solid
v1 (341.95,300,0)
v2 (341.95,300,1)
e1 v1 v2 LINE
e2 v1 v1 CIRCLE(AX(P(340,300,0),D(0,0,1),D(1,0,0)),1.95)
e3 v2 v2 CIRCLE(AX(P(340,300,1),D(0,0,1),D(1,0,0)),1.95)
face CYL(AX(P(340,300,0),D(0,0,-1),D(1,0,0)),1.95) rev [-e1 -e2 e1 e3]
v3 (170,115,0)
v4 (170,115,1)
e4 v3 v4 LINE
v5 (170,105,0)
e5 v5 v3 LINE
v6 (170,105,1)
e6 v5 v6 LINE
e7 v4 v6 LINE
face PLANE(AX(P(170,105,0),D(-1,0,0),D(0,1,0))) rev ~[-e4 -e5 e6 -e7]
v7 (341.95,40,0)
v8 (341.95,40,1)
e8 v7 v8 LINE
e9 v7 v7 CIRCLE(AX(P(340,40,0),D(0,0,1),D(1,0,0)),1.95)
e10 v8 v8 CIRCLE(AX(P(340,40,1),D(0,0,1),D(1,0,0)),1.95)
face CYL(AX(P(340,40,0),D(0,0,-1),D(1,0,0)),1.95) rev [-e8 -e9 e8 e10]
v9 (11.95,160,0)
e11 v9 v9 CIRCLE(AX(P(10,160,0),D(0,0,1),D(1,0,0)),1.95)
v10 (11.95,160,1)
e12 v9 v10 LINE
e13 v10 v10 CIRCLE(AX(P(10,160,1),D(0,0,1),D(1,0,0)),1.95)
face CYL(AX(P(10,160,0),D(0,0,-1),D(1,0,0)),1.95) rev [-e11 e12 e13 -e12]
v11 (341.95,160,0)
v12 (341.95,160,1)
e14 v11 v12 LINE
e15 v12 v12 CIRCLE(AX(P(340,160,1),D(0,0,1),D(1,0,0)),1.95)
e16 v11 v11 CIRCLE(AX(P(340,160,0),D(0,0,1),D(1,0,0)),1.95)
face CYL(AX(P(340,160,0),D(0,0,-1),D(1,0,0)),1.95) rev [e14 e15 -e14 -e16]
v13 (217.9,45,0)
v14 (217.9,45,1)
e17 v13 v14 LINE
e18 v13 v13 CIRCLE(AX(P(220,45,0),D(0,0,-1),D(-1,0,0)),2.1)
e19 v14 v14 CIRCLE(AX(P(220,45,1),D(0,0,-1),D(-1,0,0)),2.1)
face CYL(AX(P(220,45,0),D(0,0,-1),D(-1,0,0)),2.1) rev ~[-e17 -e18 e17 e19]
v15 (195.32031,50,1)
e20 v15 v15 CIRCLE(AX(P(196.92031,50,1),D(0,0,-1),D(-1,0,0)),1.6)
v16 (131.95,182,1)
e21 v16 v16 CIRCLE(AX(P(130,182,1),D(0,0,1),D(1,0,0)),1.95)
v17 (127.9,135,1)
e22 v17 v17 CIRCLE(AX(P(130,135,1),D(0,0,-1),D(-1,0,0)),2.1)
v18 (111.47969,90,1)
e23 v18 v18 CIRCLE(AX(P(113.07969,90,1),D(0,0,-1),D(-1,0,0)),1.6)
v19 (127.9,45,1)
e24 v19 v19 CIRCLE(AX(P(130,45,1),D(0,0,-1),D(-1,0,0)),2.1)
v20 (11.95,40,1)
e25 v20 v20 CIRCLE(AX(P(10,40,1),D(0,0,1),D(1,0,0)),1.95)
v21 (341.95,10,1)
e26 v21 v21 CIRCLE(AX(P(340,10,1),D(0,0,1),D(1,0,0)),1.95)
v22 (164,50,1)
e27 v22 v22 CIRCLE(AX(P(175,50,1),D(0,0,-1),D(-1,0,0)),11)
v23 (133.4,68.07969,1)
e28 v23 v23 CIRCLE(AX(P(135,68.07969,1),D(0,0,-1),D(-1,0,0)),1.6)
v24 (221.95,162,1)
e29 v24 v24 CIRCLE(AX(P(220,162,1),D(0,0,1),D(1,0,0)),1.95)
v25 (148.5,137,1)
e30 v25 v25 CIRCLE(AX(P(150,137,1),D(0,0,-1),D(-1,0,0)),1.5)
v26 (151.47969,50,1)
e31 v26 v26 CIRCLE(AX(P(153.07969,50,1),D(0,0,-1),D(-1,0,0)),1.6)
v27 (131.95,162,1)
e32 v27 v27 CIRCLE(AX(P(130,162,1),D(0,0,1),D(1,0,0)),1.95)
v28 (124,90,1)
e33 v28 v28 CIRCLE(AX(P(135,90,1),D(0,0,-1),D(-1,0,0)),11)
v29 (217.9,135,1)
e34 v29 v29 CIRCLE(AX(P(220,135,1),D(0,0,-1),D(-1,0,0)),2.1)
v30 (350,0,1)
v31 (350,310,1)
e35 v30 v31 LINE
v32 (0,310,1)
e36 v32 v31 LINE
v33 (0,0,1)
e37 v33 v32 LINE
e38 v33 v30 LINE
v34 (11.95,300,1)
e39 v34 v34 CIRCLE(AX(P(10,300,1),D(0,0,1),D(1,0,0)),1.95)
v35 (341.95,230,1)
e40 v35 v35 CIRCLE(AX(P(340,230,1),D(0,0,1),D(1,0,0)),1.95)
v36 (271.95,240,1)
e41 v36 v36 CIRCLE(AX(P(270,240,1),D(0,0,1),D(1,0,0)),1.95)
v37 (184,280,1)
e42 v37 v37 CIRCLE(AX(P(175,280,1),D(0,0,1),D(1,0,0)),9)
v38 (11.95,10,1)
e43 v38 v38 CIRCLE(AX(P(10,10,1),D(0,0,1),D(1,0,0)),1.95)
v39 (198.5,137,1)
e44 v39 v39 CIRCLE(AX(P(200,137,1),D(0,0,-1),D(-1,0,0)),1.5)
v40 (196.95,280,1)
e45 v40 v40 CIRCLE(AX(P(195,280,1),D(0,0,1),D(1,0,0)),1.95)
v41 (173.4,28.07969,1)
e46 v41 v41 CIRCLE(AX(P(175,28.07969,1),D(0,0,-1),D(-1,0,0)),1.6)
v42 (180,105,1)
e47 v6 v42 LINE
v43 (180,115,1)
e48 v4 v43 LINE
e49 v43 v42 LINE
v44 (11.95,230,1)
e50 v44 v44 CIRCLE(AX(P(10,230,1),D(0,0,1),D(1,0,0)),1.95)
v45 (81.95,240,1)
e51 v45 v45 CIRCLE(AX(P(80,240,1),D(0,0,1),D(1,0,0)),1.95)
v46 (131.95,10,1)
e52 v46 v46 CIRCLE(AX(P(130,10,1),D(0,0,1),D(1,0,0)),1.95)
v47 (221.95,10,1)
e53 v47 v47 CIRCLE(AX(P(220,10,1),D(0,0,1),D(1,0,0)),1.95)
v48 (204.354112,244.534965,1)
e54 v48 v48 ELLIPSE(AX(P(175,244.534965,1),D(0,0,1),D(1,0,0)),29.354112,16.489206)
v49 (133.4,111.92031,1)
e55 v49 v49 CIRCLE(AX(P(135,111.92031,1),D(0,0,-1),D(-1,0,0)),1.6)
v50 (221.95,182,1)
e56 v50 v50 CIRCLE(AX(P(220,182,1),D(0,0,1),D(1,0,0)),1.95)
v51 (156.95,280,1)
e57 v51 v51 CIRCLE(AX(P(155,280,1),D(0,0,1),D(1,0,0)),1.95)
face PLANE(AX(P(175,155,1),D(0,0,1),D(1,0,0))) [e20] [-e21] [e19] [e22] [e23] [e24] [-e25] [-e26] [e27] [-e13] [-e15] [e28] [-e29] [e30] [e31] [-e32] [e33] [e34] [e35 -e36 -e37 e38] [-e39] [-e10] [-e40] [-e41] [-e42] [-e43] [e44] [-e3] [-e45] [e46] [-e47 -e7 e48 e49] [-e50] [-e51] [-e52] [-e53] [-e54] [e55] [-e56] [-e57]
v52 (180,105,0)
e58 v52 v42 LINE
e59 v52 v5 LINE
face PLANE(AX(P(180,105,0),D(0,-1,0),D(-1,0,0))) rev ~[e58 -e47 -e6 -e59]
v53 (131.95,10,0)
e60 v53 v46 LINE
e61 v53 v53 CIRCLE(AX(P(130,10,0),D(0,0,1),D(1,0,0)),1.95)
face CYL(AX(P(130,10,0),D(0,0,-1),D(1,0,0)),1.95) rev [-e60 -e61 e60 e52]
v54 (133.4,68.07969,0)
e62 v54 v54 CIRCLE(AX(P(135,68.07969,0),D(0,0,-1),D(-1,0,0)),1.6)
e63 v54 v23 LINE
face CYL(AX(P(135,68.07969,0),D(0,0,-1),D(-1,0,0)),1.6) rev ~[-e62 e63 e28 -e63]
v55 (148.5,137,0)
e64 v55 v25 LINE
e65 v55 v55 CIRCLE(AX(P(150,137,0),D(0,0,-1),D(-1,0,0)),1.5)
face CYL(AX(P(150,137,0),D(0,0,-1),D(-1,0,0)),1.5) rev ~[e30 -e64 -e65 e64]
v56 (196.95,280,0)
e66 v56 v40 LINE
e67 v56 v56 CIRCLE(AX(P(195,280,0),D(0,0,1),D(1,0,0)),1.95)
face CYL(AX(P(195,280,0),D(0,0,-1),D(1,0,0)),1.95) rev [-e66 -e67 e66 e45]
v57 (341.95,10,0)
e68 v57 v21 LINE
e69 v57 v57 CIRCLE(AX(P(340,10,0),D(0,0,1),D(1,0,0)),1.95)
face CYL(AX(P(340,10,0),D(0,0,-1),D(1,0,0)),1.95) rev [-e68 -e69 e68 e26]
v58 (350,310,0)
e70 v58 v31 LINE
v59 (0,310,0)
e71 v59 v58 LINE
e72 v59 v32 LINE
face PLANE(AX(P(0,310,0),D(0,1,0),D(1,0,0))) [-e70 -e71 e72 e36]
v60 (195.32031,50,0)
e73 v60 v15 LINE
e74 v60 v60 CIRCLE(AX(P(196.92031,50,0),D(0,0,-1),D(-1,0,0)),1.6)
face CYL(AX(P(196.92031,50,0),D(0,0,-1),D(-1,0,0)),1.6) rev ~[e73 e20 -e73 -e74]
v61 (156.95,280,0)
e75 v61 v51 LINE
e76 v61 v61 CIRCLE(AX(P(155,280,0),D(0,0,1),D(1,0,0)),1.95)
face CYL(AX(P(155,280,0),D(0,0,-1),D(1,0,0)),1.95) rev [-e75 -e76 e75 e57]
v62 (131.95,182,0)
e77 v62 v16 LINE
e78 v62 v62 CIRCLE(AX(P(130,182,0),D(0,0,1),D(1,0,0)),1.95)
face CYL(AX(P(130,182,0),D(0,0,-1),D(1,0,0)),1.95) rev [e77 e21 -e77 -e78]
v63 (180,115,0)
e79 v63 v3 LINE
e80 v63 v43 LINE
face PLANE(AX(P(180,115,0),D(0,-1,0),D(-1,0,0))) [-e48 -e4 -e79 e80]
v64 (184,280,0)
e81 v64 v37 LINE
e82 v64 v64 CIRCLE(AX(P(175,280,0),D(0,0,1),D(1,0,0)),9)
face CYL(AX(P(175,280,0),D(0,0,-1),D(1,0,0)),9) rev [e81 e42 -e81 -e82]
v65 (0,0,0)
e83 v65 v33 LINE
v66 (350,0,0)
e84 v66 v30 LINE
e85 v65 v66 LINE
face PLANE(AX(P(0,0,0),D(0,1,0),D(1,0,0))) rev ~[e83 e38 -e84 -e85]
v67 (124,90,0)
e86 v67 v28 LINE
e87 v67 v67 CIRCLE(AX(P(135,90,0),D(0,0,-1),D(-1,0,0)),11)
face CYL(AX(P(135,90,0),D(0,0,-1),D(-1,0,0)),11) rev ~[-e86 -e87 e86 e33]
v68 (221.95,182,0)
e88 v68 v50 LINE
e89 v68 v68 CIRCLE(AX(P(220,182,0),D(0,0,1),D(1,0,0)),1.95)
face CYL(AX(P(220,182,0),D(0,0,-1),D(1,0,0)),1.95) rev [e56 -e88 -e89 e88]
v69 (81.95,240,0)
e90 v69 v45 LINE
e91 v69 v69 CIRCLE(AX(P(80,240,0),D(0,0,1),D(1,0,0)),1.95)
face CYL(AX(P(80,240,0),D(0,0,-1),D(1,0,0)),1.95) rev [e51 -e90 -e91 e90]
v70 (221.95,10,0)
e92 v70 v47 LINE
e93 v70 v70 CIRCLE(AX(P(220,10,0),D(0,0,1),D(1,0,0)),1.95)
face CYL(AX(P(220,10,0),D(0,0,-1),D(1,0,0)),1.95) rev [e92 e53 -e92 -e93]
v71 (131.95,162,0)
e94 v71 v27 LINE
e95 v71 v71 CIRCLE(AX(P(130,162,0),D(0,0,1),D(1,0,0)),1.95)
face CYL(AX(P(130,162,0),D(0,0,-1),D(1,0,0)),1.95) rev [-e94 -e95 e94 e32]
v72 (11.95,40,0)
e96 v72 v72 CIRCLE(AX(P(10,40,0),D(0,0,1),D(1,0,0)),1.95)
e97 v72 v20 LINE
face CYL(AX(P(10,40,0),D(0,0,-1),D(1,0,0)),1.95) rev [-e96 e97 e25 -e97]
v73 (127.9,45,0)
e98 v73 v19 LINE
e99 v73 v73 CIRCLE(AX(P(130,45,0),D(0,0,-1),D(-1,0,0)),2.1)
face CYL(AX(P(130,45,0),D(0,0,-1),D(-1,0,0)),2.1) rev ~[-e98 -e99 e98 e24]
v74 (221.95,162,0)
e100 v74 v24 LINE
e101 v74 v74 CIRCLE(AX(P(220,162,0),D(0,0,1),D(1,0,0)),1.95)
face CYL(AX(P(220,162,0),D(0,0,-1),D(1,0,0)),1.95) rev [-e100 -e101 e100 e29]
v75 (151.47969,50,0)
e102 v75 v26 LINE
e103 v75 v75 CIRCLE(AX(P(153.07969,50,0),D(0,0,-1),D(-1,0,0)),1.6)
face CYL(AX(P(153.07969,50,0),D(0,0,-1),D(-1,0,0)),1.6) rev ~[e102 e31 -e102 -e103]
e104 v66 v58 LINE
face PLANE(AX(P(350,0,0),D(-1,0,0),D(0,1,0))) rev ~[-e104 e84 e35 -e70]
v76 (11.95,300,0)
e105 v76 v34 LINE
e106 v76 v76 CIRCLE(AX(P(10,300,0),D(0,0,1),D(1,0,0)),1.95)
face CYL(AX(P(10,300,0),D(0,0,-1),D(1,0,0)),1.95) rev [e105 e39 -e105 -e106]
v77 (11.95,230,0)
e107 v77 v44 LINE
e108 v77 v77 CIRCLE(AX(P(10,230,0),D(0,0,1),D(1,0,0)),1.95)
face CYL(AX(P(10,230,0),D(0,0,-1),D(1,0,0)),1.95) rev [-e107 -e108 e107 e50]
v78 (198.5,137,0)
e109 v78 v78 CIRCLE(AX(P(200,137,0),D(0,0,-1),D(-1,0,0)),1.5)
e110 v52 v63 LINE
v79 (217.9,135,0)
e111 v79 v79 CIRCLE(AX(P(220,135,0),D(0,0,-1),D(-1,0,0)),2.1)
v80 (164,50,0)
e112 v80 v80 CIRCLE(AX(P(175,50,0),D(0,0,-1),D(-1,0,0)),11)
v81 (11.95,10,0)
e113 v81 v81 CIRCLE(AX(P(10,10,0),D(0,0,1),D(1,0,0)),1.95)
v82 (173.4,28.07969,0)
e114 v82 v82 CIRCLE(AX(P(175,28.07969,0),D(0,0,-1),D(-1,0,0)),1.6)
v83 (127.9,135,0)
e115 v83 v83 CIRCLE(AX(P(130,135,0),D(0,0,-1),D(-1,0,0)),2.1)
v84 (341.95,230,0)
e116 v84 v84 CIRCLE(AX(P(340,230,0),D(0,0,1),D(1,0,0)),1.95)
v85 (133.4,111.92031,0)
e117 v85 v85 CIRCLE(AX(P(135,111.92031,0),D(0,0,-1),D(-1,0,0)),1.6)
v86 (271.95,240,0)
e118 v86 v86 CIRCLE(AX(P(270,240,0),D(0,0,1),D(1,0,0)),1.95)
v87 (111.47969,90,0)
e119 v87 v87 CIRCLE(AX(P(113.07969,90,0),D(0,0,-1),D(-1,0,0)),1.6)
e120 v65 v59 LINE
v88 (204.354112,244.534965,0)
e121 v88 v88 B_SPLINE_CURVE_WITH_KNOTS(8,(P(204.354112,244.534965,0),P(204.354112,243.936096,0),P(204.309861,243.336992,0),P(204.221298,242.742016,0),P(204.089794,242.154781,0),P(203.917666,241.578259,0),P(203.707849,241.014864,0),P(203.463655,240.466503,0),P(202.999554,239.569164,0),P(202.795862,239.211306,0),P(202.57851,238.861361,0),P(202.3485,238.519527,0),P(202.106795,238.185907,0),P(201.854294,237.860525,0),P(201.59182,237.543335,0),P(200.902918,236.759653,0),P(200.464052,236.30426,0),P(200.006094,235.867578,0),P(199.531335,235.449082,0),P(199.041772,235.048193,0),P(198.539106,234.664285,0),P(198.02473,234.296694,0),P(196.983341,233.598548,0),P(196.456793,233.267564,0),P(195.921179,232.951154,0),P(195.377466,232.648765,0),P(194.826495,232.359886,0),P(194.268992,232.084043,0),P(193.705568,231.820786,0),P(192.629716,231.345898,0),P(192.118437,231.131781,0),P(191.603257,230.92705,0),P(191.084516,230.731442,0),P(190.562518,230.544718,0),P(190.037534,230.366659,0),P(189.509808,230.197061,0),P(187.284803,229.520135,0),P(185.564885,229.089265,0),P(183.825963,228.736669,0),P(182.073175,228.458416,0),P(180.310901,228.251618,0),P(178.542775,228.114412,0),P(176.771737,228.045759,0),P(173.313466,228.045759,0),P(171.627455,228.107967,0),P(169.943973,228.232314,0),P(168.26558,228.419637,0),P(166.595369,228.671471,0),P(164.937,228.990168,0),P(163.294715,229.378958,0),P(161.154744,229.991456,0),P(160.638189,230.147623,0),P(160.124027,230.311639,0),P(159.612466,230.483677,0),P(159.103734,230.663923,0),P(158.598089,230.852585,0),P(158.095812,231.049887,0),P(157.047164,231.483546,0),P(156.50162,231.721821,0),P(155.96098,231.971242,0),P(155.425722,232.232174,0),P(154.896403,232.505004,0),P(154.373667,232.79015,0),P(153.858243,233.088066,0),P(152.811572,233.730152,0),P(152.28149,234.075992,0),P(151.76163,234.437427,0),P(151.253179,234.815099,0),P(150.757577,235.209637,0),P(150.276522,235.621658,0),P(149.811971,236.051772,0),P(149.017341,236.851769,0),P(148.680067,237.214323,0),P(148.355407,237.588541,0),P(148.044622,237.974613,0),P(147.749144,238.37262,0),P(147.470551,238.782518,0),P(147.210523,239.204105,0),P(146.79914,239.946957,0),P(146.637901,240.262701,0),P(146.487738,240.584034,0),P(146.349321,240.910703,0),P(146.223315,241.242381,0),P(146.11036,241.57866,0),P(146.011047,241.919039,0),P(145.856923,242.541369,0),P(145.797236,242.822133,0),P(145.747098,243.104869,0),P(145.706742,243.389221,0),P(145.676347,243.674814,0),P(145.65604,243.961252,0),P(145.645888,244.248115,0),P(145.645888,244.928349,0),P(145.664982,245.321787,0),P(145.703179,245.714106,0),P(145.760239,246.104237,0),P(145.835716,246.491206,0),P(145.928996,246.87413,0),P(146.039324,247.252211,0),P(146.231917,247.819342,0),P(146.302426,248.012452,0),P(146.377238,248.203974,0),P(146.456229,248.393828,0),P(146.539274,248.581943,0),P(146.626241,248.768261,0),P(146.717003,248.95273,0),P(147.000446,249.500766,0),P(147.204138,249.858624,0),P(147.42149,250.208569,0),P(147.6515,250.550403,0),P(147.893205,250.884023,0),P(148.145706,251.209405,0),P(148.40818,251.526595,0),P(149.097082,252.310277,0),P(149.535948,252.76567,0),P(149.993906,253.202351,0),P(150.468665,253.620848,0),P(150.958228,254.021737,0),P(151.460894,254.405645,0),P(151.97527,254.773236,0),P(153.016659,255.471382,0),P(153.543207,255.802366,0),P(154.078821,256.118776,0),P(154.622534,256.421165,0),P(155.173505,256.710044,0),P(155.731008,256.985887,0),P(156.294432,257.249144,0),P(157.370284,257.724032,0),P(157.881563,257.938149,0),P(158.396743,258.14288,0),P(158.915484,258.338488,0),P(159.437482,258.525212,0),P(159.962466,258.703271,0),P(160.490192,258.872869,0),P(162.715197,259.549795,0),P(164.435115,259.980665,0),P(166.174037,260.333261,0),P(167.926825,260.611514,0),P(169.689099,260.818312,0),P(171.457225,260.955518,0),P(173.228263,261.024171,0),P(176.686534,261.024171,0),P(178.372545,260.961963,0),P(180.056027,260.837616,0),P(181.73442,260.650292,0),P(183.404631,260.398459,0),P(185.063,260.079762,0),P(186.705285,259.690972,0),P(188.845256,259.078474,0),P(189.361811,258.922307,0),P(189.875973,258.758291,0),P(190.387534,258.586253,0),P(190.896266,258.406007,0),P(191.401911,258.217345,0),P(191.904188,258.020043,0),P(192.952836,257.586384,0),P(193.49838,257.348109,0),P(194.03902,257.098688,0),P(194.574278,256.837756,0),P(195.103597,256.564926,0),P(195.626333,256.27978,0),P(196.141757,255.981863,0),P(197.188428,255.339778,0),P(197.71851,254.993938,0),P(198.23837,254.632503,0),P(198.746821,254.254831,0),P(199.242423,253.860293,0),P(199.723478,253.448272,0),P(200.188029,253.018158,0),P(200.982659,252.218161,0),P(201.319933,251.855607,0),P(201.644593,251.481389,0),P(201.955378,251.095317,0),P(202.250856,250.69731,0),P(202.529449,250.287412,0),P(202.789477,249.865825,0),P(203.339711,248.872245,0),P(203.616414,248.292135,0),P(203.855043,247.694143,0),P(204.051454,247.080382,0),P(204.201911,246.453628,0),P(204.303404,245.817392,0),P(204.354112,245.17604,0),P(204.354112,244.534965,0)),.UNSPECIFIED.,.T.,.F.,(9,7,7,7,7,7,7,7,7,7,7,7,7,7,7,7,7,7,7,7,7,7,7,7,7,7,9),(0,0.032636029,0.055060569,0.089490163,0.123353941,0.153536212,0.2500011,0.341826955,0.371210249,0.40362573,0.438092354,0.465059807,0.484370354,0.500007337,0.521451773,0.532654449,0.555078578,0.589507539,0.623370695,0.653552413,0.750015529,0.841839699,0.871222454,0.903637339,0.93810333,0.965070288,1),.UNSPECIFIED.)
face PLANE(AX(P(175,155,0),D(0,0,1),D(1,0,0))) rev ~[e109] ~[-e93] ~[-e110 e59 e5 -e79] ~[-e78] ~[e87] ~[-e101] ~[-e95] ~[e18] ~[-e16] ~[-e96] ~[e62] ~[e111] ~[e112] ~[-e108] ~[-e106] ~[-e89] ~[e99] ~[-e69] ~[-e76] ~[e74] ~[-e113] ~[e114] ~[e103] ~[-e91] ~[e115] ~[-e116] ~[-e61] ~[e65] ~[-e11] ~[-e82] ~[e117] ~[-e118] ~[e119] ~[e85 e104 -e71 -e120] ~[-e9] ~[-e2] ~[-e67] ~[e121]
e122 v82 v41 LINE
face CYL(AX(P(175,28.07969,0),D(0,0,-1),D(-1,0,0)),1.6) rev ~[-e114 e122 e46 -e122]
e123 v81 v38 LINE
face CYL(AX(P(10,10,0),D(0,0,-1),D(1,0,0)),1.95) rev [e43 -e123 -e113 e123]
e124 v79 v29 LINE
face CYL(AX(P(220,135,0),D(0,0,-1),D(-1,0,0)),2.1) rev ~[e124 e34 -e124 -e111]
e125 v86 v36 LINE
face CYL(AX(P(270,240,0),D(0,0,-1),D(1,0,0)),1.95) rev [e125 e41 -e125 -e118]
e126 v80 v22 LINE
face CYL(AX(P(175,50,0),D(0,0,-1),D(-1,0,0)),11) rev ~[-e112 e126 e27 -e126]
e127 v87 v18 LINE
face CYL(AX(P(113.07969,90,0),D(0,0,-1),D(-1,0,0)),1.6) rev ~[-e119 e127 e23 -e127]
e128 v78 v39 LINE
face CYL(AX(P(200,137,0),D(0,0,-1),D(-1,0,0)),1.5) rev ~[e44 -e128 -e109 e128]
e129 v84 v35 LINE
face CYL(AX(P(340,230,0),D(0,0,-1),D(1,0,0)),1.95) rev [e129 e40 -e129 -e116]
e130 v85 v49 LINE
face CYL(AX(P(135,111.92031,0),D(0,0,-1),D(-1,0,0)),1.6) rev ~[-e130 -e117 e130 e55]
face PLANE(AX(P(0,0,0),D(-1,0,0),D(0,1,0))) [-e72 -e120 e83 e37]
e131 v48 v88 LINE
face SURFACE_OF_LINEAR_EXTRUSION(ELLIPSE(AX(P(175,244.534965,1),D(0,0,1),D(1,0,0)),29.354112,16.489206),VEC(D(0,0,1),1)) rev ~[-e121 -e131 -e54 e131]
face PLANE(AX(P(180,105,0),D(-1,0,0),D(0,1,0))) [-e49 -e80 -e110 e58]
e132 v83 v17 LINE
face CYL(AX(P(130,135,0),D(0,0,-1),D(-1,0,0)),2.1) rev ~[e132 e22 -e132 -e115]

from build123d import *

# Parameters (mm, degrees)
SKETCH_1_W          = 350
SKETCH_1_H          = 310
SKETCH_1_R          = 1.95
SKETCH_1_R_2        = 9
EXTRUDE_1_DEPTH     = 1
SKETCH_2_R          = 2.1
SKETCH_2_R_2        = 1.6
SKETCH_2_R_3        = 11
SKETCH_2_R_4        = 1.5
SKETCH_2_W          = 10
SKETCH_2_H          = 10
CUT_EXTRUDE_1_DEPTH = 10
SKETCH_3_RX         = 29.354112179
SKETCH_3_RY         = 16.489205711
CUT_EXTRUDE_2_DEPTH = 8


with BuildPart() as part:
    # 草图1 → 凸台-拉伸1 (new body)
    with BuildSketch(Plane.XY):
        with Locations((175, 155)):
            Rectangle(SKETCH_1_W, SKETCH_1_H)
        with Locations((10, 300)):
            Circle(SKETCH_1_R, mode=Mode.SUBTRACT)
        with Locations((10, 230)):
            Circle(SKETCH_1_R, mode=Mode.SUBTRACT)
        with Locations((10, 40)):
            Circle(SKETCH_1_R, mode=Mode.SUBTRACT)
        with Locations((10, 10)):
            Circle(SKETCH_1_R, mode=Mode.SUBTRACT)
        with Locations((340, 300)):
            Circle(SKETCH_1_R, mode=Mode.SUBTRACT)
        with Locations((340, 230)):
            Circle(SKETCH_1_R, mode=Mode.SUBTRACT)
        with Locations((340, 40)):
            Circle(SKETCH_1_R, mode=Mode.SUBTRACT)
        with Locations((340, 10)):
            Circle(SKETCH_1_R, mode=Mode.SUBTRACT)
        with Locations((130, 10)):
            Circle(SKETCH_1_R, mode=Mode.SUBTRACT)
        with Locations((220, 10)):
            Circle(SKETCH_1_R, mode=Mode.SUBTRACT)
        with Locations((10, 160)):
            Circle(SKETCH_1_R, mode=Mode.SUBTRACT)
        with Locations((340, 160)):
            Circle(SKETCH_1_R, mode=Mode.SUBTRACT)
        with Locations((130, 162)):
            Circle(SKETCH_1_R, mode=Mode.SUBTRACT)
        with Locations((220, 162)):
            Circle(SKETCH_1_R, mode=Mode.SUBTRACT)
        with Locations((175, 280)):
            Circle(SKETCH_1_R_2, mode=Mode.SUBTRACT)
        with Locations((130, 182)):
            Circle(SKETCH_1_R, mode=Mode.SUBTRACT)
        with Locations((220, 182)):
            Circle(SKETCH_1_R, mode=Mode.SUBTRACT)
        with Locations((80, 240)):
            Circle(SKETCH_1_R, mode=Mode.SUBTRACT)
        with Locations((270, 240)):
            Circle(SKETCH_1_R, mode=Mode.SUBTRACT)
        with Locations((155, 280)):
            Circle(SKETCH_1_R, mode=Mode.SUBTRACT)
        with Locations((195, 280)):
            Circle(SKETCH_1_R, mode=Mode.SUBTRACT)
    extrude(amount=EXTRUDE_1_DEPTH)

    # 草图2 → 切除-拉伸1 (cut)
    with BuildSketch(Plane(origin=(0, 0, 0), x_dir=(-1, 0, 0), z_dir=(0, 0, -1))):
        with Locations((-130, 135)):
            Circle(SKETCH_2_R)
        with Locations((-220, 45)):
            Circle(SKETCH_2_R)
        with Locations((-220, 135)):
            Circle(SKETCH_2_R)
        with Locations((-130, 45)):
            Circle(SKETCH_2_R)
        with Locations((-153.079689783, 50)):
            Circle(SKETCH_2_R_2)
        with Locations((-175, 28.079689783)):
            Circle(SKETCH_2_R_2)
        with Locations((-196.920310217, 50)):
            Circle(SKETCH_2_R_2)
        with Locations((-175, 50)):
            Circle(SKETCH_2_R_3)
        with Locations((-150, 137)):
            Circle(SKETCH_2_R_4)
        with Locations((-135, 90)):
            Circle(SKETCH_2_R_3)
        with Locations((-200, 137)):
            Circle(SKETCH_2_R_4)
        with Locations((-113.079689783, 90)):
            Circle(SKETCH_2_R_2)
        with Locations((-135, 68.079689783)):
            Circle(SKETCH_2_R_2)
        with Locations((-135, 111.920310217)):
            Circle(SKETCH_2_R_2)
        with Locations((-175, 110)):
            Rectangle(SKETCH_2_W, SKETCH_2_H)
    extrude(amount=-CUT_EXTRUDE_1_DEPTH, mode=Mode.SUBTRACT)

    # 草图3 → 切除-拉伸2 (cut)
    with BuildSketch(Plane.XY.offset(1)):
        with Locations((175, 244.534964975)):
            Ellipse(SKETCH_3_RX, SKETCH_3_RY)
    extrude(amount=-CUT_EXTRUDE_2_DEPTH, mode=Mode.SUBTRACT)


solid = part.part
